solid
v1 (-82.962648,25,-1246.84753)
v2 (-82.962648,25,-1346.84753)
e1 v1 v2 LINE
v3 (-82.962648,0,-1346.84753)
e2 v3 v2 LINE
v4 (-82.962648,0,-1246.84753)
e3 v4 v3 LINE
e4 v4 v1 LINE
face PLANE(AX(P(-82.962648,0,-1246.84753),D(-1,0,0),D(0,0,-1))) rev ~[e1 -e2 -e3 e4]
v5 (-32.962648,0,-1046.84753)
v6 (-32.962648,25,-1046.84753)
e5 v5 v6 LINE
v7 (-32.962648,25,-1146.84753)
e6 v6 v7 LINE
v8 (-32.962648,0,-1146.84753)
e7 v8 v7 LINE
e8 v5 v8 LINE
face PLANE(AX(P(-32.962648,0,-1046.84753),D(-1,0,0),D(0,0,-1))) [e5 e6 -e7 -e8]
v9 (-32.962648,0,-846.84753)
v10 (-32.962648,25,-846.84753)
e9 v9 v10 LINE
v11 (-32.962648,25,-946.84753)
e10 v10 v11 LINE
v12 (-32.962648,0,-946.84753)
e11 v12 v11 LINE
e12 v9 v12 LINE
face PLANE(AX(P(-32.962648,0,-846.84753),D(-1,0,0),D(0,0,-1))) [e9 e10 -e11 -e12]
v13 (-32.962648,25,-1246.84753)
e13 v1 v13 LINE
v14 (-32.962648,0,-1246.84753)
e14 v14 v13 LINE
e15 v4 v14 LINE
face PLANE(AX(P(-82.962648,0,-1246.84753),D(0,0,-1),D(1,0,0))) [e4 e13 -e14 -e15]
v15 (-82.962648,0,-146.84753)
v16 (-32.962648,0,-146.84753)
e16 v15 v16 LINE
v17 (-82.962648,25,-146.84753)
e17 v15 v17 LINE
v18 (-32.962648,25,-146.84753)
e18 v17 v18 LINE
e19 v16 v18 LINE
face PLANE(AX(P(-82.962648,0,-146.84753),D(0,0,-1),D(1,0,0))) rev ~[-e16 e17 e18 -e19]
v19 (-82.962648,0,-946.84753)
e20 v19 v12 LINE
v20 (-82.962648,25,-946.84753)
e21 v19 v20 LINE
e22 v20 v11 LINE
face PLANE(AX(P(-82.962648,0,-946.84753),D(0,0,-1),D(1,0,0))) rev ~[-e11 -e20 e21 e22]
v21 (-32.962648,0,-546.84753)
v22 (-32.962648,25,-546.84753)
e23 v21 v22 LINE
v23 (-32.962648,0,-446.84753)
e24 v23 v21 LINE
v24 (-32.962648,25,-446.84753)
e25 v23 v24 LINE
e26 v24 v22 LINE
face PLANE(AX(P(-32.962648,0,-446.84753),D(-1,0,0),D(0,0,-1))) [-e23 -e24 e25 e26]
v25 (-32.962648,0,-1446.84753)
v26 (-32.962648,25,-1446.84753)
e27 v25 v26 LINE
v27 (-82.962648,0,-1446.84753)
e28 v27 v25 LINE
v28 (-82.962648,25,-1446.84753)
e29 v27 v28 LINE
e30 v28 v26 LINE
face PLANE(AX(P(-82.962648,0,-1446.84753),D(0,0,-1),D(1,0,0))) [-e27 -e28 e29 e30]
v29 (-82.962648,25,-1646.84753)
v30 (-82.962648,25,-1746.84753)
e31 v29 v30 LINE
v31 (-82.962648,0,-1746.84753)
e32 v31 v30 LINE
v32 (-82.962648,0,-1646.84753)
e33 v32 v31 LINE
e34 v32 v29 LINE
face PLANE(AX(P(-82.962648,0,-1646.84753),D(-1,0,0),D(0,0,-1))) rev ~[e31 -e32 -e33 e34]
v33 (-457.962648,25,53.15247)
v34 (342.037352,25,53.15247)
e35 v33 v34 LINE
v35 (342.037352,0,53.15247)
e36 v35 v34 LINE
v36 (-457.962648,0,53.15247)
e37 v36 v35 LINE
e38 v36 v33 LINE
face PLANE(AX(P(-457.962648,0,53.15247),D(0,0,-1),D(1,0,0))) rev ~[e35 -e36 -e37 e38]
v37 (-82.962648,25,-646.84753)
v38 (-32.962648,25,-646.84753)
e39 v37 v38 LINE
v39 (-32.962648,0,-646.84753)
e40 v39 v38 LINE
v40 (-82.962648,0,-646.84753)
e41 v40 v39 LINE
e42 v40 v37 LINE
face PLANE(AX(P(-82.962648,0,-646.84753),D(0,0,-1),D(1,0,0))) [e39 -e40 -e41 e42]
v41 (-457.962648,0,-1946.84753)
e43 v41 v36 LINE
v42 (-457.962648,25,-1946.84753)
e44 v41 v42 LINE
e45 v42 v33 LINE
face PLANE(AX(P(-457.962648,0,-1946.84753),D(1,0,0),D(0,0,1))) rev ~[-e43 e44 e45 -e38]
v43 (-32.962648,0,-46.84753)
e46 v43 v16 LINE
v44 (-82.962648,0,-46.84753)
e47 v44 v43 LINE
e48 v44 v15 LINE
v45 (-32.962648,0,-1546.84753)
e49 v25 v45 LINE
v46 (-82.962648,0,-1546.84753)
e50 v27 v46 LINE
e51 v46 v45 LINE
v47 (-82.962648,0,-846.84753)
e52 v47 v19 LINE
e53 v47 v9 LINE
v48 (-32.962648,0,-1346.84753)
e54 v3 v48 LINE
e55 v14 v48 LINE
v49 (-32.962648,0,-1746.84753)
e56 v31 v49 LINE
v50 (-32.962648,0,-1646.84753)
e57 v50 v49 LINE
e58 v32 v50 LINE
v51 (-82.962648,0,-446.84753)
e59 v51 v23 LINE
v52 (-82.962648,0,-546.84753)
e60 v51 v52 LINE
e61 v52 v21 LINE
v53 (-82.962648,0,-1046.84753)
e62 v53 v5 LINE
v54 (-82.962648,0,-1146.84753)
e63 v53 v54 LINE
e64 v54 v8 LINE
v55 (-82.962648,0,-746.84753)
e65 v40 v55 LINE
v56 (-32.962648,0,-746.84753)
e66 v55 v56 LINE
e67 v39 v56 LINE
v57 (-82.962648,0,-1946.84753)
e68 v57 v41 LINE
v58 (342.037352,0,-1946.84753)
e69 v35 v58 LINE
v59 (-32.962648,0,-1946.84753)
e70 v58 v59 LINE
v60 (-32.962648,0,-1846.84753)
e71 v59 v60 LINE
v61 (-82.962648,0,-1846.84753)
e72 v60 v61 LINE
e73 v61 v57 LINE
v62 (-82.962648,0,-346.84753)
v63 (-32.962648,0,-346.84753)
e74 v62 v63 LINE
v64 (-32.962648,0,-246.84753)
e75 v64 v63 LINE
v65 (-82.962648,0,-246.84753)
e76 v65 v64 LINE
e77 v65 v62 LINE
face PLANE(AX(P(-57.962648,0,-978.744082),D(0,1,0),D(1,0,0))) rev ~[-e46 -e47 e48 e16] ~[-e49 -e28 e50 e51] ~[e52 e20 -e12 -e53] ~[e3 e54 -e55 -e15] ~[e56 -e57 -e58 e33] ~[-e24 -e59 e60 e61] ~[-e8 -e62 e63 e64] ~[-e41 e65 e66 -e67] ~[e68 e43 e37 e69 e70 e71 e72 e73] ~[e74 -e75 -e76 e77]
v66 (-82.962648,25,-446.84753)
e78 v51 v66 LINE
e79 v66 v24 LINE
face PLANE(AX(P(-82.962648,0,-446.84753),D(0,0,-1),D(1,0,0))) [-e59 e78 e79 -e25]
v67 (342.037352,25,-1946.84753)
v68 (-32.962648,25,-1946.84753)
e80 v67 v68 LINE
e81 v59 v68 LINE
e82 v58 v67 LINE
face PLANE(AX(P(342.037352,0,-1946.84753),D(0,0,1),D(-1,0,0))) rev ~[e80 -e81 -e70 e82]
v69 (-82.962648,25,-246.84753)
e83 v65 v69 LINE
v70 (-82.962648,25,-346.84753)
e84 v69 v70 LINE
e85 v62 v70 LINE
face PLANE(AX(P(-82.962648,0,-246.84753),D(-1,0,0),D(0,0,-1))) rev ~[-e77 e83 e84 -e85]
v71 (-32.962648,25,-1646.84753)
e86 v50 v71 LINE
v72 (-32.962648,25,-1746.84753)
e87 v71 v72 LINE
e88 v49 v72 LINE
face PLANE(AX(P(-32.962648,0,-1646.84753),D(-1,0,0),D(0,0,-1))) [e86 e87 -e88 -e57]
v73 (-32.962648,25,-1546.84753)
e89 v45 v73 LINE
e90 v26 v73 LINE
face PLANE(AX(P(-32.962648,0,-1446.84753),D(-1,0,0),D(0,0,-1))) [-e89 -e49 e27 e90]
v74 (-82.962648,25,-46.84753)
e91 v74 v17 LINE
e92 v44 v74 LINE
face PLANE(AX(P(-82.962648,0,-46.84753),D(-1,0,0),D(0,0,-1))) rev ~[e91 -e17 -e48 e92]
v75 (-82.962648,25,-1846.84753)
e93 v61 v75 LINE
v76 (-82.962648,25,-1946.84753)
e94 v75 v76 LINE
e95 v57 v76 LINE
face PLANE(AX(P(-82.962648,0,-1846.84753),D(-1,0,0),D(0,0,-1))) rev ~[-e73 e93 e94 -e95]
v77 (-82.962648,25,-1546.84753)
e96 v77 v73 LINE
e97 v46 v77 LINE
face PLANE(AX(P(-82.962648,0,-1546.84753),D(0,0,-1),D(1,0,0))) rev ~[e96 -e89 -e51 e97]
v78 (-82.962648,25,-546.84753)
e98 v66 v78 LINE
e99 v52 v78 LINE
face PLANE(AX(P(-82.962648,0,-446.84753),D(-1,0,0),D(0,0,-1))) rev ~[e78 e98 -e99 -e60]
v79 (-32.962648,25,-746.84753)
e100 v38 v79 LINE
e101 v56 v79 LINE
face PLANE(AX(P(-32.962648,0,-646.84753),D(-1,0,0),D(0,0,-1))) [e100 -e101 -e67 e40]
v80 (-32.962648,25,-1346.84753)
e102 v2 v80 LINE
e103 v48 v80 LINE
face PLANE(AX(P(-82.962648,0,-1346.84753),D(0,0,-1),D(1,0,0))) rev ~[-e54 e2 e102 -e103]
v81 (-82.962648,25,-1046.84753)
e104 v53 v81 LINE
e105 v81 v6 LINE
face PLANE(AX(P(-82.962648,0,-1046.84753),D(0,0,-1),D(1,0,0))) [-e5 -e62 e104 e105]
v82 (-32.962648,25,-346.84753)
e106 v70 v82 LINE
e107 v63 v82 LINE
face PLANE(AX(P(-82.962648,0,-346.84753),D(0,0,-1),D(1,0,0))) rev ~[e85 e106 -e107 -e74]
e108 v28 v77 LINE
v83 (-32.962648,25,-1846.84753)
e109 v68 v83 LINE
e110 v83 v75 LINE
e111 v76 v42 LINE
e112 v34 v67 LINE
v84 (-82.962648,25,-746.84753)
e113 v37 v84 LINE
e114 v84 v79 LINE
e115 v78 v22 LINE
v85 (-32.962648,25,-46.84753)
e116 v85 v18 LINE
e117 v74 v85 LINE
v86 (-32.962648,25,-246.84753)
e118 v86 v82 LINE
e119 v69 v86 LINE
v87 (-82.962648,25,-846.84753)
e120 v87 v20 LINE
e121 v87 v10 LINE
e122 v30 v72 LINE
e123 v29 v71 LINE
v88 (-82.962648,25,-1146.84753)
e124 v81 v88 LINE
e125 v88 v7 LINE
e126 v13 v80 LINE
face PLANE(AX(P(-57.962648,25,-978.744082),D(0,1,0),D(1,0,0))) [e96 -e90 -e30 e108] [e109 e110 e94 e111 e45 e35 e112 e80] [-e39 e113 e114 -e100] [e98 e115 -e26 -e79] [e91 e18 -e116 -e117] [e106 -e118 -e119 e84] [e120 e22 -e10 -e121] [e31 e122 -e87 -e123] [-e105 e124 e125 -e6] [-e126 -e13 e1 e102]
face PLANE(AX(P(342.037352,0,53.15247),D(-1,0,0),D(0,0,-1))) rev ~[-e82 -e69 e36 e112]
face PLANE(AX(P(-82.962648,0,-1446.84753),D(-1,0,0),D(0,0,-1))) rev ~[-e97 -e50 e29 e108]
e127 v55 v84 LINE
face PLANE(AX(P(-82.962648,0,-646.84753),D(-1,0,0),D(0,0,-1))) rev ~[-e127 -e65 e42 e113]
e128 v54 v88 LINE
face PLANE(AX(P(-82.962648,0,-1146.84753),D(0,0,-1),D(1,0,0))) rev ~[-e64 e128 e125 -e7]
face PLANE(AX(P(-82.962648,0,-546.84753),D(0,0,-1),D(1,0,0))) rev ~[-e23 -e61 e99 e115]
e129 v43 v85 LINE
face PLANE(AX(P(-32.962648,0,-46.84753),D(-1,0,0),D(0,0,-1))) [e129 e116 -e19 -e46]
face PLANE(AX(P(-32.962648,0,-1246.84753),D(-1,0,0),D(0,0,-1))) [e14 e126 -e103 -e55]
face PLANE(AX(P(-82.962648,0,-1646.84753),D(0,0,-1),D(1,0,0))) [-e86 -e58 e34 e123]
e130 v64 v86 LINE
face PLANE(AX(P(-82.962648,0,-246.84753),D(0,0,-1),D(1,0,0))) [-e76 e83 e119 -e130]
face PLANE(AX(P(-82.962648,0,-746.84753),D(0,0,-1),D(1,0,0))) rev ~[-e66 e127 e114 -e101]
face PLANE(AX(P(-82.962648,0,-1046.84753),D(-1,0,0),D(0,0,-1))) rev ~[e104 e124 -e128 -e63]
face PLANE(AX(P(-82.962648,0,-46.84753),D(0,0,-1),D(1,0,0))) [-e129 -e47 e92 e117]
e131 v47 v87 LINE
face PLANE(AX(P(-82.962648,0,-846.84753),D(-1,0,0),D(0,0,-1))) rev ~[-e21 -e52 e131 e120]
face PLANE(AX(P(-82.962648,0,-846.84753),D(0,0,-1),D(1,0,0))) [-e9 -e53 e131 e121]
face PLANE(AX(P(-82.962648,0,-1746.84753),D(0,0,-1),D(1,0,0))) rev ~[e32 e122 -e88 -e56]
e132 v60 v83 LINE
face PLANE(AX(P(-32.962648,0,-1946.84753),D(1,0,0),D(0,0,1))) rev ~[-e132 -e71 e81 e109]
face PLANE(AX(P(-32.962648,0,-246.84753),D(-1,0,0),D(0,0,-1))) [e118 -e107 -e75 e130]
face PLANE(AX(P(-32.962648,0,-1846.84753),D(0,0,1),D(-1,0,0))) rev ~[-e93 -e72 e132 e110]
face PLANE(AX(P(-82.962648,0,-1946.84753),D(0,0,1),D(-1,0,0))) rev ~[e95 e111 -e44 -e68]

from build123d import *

# Parameters (mm, degrees)
SKETCH1_W           = 50
SKETCH1_H           = 100
BOSS_EXTRUDE1_DEPTH = 25


with BuildPart() as part:
    # Sketch1 → Boss-Extrude1 (new body)
    with BuildSketch(Plane(origin=(0, 0, 0), x_dir=(1, 0, 0), z_dir=(0, 1, 0))):
        Polygon((-457.962648343, 1946.847529943), (-457.962648343, -53.152470057), (342.037351657, -53.152470057), (342.037351657, 1946.847529943), (-32.962648343, 1946.847529943), (-32.962648343, 1846.847529943), (-82.962648343, 1846.847529943), (-82.962648343, 1946.847529943), align=None)
        with Locations((-57.962648343, 1696.847529943)):
            Rectangle(SKETCH1_W, SKETCH1_H, mode=Mode.SUBTRACT)
        with Locations((-57.962648343, 1496.847529943)):
            Rectangle(SKETCH1_W, SKETCH1_H, mode=Mode.SUBTRACT)
        with Locations((-57.962648343, 1296.847529943)):
            Rectangle(SKETCH1_W, SKETCH1_H, mode=Mode.SUBTRACT)
        with Locations((-57.962648343, 1096.847529943)):
            Rectangle(SKETCH1_W, SKETCH1_H, mode=Mode.SUBTRACT)
        with Locations((-57.962648343, 896.847529943)):
            Rectangle(SKETCH1_W, SKETCH1_H, mode=Mode.SUBTRACT)
        with Locations((-57.962648343, 696.847529943)):
            Rectangle(SKETCH1_W, SKETCH1_H, mode=Mode.SUBTRACT)
        with Locations((-57.962648343, 496.847529943)):
            Rectangle(SKETCH1_W, SKETCH1_H, mode=Mode.SUBTRACT)
        with Locations((-57.962648343, 296.847529943)):
            Rectangle(SKETCH1_W, SKETCH1_H, mode=Mode.SUBTRACT)
        with Locations((-57.962648343, 96.847529943)):
            Rectangle(SKETCH1_W, SKETCH1_H, mode=Mode.SUBTRACT)
    extrude(amount=BOSS_EXTRUDE1_DEPTH)


solid = part.part
